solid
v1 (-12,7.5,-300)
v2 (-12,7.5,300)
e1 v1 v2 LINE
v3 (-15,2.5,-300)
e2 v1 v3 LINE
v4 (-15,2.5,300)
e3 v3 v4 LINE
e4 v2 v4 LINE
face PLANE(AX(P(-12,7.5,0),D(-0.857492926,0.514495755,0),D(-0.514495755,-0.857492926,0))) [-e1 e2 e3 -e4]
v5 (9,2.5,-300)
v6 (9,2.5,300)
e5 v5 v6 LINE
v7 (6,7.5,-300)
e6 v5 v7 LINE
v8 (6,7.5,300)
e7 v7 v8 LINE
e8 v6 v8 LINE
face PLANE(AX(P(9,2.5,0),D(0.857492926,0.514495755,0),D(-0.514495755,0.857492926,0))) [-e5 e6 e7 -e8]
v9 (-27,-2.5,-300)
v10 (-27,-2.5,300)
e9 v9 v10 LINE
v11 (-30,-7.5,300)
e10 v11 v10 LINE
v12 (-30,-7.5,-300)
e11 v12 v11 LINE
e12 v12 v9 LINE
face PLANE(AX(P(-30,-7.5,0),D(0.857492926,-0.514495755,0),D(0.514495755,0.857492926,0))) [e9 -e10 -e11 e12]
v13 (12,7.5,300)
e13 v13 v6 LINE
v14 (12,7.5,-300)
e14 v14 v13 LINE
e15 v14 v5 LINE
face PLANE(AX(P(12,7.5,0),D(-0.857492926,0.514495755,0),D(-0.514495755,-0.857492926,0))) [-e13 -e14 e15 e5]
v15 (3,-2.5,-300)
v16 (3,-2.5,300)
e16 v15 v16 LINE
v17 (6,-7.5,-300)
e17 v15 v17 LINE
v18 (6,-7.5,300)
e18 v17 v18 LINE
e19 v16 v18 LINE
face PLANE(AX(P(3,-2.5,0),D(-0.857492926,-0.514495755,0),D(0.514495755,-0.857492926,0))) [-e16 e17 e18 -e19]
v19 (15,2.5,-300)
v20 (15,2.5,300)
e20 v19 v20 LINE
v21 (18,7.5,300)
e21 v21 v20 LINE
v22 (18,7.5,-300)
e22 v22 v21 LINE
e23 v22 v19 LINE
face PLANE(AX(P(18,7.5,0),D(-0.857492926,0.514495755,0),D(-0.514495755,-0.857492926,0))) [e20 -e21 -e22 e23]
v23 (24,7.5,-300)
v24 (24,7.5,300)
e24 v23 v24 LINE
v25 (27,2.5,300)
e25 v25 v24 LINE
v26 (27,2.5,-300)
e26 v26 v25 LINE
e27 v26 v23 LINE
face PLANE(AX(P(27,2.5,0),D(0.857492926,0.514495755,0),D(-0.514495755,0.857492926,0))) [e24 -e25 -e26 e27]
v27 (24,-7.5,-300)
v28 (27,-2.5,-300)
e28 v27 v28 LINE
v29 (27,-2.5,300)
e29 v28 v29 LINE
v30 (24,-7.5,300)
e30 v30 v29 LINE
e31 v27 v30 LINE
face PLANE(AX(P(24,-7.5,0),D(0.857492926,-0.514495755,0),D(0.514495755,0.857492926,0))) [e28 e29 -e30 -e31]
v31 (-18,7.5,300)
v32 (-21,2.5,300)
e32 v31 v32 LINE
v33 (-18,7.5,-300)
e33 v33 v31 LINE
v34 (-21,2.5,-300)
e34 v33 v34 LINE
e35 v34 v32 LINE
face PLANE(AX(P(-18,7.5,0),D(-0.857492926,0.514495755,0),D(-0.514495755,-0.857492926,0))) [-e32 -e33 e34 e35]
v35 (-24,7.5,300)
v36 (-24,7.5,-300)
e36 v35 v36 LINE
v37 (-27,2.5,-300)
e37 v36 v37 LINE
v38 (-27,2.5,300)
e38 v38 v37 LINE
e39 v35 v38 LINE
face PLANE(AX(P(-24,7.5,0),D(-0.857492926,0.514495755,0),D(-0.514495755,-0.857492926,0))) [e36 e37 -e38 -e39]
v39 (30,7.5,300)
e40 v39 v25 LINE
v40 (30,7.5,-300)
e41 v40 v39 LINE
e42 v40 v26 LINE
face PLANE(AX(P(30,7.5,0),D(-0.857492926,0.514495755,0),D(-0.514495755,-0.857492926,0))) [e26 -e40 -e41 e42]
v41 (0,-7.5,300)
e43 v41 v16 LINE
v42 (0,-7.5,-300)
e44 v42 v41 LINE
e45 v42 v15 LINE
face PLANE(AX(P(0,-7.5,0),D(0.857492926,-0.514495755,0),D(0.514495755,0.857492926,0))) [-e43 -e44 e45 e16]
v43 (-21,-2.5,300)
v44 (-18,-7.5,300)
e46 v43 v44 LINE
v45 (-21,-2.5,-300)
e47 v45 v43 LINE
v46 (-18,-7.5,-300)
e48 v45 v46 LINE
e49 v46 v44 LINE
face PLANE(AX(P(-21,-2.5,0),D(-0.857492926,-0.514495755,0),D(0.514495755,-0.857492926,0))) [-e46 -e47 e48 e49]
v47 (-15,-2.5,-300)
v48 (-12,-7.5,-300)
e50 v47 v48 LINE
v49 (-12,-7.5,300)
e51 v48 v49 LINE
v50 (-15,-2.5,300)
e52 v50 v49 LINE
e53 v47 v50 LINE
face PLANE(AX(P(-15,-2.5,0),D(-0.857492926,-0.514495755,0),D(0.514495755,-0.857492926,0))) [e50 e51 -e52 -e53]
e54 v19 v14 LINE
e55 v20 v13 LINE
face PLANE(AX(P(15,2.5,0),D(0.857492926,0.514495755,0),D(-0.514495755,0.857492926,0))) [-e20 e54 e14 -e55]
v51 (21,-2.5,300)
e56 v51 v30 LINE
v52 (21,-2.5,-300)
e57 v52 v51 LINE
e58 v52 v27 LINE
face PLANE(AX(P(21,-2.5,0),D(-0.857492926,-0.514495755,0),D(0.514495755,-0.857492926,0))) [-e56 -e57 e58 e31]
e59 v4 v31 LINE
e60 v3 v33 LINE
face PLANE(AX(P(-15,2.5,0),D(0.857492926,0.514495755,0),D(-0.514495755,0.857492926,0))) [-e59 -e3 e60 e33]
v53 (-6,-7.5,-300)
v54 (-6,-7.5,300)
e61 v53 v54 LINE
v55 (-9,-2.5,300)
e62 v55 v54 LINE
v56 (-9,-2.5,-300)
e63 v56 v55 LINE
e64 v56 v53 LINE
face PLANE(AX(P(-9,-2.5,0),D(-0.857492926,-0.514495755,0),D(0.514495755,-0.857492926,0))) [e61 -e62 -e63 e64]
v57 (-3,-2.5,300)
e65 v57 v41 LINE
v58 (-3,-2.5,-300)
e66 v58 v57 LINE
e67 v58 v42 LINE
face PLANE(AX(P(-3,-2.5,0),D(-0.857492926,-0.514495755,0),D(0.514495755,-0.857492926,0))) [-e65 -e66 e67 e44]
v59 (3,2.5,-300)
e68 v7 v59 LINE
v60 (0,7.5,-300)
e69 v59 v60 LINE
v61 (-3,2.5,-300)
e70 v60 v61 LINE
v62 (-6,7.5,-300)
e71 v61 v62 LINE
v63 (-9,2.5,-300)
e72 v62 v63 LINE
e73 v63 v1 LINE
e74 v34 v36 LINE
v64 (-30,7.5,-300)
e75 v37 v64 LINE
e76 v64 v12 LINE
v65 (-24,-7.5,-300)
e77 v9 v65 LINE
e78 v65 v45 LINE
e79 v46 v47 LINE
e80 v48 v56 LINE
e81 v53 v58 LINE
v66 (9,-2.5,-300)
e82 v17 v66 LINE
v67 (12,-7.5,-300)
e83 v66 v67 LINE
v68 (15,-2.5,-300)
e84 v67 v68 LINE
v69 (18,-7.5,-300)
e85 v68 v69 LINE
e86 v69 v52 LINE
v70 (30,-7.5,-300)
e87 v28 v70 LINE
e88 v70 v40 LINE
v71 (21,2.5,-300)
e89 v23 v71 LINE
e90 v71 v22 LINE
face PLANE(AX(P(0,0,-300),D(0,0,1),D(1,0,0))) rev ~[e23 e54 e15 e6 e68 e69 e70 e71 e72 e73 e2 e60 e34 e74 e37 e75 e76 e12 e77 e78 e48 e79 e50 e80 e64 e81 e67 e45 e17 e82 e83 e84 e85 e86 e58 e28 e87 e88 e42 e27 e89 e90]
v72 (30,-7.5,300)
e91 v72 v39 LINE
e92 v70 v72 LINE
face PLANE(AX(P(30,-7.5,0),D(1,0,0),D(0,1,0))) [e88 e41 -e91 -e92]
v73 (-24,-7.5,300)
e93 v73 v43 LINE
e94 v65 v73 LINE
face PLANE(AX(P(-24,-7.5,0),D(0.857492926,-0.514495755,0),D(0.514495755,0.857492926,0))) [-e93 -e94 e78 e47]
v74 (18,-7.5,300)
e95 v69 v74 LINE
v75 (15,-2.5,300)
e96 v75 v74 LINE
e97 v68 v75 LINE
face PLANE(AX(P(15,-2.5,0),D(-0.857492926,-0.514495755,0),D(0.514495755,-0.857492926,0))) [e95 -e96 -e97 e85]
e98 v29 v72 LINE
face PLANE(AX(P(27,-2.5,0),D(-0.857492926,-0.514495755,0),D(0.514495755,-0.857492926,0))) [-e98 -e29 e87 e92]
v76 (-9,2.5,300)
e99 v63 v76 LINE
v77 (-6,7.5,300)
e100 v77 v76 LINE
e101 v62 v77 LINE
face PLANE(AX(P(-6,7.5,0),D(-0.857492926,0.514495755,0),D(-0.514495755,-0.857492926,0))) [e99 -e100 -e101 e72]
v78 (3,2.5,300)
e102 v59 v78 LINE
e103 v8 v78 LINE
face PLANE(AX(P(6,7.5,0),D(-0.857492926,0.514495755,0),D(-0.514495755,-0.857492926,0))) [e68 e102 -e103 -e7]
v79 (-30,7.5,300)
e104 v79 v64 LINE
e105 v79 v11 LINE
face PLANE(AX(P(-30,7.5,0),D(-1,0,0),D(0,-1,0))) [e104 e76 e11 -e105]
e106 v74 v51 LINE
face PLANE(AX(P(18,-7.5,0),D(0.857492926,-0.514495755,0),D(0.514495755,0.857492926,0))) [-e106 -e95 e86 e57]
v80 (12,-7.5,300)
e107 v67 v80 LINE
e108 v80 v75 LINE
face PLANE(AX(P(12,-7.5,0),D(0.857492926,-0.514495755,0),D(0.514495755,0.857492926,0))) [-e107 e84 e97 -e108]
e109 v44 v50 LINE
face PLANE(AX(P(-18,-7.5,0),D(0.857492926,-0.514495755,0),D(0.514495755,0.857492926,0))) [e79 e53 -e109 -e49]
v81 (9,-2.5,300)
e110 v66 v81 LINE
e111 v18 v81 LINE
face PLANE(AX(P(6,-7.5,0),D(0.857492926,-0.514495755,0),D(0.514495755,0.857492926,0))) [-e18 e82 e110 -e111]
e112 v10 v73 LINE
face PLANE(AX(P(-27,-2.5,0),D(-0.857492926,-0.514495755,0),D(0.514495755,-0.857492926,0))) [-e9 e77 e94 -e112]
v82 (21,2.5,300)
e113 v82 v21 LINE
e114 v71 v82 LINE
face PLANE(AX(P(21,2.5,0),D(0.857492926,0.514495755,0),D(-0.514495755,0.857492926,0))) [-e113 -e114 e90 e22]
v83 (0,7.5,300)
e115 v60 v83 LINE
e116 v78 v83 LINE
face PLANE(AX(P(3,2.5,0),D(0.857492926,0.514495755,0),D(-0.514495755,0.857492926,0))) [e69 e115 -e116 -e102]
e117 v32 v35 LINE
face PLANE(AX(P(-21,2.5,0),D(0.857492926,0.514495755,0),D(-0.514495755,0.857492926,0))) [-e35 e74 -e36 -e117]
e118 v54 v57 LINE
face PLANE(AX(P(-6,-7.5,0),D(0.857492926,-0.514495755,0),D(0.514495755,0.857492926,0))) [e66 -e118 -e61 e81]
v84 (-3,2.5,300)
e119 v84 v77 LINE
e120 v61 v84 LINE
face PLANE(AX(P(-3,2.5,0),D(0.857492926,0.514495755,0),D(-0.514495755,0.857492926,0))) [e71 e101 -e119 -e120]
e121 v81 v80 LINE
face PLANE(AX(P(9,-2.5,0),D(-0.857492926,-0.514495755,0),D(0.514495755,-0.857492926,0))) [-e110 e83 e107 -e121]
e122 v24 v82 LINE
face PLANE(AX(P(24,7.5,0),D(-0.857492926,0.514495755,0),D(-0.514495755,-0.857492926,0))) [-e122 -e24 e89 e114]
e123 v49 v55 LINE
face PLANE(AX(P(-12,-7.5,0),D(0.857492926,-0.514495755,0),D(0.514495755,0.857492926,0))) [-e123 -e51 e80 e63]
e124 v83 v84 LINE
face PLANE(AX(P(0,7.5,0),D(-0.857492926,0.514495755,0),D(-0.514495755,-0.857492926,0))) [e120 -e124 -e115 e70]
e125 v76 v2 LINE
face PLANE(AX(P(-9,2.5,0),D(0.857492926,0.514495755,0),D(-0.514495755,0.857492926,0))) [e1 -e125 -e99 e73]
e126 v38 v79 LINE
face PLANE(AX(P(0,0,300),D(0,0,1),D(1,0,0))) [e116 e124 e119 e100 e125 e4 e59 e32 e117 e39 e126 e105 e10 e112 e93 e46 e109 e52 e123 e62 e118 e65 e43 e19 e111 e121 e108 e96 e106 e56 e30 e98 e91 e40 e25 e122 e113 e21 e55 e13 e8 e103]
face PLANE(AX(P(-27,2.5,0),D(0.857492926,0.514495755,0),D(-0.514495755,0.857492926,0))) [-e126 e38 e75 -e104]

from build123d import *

# Parameters (mm, degrees)
BOSS_EXTRUDE1_DEPTH = 300


with BuildPart() as part:
    # Sketch1 → Boss-Extrude1 (new, symmetric)
    with BuildSketch(Plane.XY):
        Polygon((-30, 7.5), (-30, -7.5), (-27, -2.5), (-24, -7.5), (-21, -2.5), (-18, -7.5), (-15, -2.5), (-12, -7.5), (-9, -2.5), (-6, -7.5), (-3, -2.5), (0, -7.5), (3, -2.5), (6, -7.5), (9, -2.5), (12, -7.5), (15, -2.5), (18, -7.5), (21, -2.5), (24, -7.5), (27, -2.5), (30, -7.5), (30, 7.5), (27, 2.5), (24, 7.5), (21, 2.5), (18, 7.5), (15, 2.5), (12, 7.5), (9, 2.5), (6, 7.5), (3, 2.5), (0, 7.5), (-3, 2.5), (-6, 7.5), (-9, 2.5), (-12, 7.5), (-15, 2.5), (-18, 7.5), (-21, 2.5), (-24, 7.5), (-27, 2.5), align=None)
    extrude(amount=BOSS_EXTRUDE1_DEPTH, both=True)


solid = part.part
